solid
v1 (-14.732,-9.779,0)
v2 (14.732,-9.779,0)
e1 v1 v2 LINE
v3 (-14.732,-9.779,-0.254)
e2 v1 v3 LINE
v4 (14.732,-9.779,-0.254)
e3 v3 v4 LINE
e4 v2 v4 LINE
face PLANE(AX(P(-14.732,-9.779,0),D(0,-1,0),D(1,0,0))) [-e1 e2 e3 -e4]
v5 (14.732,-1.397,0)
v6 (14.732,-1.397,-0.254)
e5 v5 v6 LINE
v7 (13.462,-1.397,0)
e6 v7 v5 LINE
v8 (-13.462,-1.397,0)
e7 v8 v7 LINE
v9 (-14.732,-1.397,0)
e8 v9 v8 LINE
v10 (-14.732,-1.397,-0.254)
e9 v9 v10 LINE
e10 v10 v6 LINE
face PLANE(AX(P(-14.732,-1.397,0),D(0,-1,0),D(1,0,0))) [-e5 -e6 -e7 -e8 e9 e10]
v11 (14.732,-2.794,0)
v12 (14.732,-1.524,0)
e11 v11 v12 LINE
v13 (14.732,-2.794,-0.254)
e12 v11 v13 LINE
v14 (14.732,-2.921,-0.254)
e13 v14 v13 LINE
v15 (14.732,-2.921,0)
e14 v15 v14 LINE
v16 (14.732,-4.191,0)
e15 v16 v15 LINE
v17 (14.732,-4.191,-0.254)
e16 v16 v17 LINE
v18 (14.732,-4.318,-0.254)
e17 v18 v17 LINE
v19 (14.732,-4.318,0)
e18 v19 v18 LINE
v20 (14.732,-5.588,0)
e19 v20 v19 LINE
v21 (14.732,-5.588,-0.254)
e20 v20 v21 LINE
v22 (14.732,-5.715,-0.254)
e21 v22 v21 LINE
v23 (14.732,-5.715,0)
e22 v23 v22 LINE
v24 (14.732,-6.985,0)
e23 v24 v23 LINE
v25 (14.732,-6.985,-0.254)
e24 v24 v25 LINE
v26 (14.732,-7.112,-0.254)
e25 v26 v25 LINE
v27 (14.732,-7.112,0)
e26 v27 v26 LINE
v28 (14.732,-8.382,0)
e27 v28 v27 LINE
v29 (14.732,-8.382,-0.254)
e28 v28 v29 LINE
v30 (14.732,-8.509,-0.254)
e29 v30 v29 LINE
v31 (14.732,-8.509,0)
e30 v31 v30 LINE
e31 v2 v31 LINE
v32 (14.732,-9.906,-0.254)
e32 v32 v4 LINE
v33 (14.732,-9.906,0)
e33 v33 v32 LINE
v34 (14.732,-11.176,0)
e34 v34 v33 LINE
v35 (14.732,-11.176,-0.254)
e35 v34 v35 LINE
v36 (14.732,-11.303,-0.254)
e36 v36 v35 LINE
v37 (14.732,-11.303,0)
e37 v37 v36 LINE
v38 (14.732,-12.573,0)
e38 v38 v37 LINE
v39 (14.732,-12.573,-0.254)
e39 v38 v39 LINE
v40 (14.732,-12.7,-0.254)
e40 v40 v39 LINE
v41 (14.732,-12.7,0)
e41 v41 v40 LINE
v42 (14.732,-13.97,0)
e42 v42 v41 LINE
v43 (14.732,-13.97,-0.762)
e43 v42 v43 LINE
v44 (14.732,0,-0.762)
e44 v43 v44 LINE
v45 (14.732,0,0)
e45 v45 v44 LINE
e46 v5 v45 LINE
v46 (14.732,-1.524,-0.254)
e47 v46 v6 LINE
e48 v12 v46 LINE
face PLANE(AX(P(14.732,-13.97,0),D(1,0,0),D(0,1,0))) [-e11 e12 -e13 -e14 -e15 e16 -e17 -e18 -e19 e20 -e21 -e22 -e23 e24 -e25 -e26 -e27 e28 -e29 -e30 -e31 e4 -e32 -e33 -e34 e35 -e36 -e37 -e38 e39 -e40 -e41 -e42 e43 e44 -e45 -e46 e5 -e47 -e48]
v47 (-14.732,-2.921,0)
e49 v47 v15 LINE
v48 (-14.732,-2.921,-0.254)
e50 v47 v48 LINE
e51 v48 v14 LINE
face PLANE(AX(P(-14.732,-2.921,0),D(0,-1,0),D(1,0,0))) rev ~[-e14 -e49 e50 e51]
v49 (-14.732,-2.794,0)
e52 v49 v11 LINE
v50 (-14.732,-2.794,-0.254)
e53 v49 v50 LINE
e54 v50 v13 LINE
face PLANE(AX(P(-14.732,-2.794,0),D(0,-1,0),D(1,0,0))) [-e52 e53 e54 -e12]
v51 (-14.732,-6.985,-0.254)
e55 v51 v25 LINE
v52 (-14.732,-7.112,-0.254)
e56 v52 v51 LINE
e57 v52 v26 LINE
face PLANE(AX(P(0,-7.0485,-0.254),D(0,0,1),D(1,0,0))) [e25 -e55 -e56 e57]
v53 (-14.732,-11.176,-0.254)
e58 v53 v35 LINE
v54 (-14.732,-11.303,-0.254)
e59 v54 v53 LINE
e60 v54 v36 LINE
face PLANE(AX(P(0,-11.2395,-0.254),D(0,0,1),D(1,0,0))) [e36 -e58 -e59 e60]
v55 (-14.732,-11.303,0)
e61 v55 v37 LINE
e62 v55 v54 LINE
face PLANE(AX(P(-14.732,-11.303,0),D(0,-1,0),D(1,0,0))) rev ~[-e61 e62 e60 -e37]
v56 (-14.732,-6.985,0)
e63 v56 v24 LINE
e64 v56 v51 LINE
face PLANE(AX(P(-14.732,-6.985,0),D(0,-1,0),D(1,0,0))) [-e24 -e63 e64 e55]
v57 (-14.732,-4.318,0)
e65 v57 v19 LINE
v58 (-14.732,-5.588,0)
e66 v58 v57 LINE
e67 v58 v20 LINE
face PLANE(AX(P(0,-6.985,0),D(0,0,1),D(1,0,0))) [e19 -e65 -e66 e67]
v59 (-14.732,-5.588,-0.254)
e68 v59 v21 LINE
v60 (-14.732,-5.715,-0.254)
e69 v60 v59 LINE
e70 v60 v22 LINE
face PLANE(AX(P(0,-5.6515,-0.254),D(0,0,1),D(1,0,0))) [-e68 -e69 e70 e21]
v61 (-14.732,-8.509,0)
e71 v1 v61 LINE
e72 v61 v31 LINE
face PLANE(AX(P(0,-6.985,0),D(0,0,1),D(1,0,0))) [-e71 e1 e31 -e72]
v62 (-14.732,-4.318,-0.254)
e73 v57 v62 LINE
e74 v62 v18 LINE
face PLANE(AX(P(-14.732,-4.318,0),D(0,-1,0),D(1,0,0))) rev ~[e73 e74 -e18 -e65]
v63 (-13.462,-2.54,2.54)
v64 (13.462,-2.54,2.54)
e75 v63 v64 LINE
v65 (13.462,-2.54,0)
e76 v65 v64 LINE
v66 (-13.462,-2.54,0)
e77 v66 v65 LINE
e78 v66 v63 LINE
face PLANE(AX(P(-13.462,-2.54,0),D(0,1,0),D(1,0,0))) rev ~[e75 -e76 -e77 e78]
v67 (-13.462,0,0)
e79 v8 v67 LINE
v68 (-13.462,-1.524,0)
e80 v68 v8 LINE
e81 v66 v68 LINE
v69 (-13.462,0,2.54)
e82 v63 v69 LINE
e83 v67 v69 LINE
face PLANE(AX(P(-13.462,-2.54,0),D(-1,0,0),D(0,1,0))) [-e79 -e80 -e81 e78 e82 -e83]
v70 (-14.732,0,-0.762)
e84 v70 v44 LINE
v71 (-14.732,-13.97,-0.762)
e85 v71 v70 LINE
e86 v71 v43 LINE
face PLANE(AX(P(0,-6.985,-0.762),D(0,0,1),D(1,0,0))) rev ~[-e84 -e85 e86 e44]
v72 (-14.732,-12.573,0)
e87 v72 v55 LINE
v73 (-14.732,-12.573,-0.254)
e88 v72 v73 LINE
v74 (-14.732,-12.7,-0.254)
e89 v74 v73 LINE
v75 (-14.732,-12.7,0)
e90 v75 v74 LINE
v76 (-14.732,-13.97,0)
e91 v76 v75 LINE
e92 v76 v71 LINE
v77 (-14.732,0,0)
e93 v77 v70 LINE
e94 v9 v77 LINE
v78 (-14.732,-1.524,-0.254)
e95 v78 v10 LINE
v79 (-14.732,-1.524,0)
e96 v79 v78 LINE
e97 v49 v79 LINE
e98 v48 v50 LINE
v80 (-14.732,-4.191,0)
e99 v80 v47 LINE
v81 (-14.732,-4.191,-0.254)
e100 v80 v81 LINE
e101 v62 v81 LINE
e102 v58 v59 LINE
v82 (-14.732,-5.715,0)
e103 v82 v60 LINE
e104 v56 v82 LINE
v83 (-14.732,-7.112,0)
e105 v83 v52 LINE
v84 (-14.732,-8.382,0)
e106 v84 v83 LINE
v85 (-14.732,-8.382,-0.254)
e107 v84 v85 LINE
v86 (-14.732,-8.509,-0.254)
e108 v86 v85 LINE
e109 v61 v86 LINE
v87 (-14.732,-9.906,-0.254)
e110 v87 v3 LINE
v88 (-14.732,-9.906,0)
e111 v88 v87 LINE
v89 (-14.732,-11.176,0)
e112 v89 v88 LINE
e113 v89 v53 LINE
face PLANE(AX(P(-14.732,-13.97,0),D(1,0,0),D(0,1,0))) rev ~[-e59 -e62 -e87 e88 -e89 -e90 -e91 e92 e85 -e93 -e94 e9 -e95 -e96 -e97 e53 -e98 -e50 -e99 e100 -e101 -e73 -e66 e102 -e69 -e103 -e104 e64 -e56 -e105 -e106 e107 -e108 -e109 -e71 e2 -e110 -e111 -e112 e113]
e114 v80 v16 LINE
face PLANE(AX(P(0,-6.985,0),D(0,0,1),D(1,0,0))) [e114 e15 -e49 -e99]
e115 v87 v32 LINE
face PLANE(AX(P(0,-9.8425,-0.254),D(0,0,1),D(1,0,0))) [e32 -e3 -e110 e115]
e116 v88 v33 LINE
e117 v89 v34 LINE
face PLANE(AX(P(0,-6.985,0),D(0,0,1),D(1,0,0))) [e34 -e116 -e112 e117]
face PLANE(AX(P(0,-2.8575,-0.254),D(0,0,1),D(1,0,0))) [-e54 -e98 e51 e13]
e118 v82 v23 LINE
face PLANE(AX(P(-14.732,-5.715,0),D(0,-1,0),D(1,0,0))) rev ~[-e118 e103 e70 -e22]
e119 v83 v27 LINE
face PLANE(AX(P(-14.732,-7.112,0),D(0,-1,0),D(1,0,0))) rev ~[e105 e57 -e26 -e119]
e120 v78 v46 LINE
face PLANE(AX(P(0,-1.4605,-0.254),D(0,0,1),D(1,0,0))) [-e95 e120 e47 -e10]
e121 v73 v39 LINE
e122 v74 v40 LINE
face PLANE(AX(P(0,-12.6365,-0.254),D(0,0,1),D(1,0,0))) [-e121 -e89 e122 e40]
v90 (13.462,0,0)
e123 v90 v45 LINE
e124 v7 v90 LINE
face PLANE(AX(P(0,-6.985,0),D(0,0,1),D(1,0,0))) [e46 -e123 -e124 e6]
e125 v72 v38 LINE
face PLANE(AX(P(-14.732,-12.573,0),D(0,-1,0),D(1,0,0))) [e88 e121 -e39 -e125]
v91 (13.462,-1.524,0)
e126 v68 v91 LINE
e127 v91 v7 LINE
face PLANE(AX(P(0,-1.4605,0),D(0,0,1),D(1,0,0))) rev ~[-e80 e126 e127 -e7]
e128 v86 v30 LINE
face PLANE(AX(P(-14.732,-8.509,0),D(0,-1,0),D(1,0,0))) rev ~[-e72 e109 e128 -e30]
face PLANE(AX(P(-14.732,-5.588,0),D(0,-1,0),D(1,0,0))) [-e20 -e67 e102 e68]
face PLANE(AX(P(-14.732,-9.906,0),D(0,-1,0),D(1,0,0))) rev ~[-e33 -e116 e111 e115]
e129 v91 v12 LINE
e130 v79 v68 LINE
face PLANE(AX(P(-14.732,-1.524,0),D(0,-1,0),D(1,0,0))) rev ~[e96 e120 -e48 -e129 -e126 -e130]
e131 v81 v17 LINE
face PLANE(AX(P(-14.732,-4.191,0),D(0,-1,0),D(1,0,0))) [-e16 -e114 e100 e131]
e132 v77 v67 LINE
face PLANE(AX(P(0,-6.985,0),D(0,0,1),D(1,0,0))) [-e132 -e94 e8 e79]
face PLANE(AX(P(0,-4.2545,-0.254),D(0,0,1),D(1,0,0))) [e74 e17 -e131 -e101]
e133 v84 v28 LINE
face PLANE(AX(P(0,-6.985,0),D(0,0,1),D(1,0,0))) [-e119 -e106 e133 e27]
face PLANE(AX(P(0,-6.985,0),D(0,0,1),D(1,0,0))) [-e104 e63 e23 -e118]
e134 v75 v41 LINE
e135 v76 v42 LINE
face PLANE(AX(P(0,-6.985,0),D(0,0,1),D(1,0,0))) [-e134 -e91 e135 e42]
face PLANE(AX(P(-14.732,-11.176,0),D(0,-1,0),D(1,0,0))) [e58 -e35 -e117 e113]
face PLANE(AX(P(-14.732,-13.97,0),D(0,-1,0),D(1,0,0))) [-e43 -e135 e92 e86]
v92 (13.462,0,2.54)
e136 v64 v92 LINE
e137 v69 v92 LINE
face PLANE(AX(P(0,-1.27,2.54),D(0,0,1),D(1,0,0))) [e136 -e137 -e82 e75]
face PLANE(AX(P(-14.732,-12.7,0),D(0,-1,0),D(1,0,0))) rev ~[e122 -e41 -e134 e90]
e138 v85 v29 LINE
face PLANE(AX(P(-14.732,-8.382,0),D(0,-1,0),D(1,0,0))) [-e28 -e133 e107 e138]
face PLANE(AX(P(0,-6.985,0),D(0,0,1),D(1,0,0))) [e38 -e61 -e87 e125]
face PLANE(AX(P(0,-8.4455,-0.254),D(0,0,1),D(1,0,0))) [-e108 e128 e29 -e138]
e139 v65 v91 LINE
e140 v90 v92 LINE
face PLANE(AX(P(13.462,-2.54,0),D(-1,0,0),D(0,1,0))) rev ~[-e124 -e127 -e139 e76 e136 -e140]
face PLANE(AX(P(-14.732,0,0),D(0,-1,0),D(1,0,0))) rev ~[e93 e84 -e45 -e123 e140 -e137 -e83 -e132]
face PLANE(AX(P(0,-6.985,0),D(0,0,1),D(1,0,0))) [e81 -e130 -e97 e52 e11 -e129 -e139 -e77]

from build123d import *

# Parameters (mm, degrees)
F0_W     = 26.924
F0_H     = 2.54
F1_DEPTH = 2.54
F2_W     = 29.464
F2_H     = 13.97
F3_DEPTH = 0.762
F4_W     = 29.464
F4_H     = 0.127
F5_DEPTH = 0.254


with BuildPart() as f1:
    # F0 (on Top) → F1 (new body)
    with BuildSketch(Plane.XY):
        with Locations((0, -1.27)):
            Rectangle(F0_W, F0_H)
    extrude(amount=F1_DEPTH)

    # F2 (on Top) → F3 (join)
    with BuildSketch(Plane.XY):
        with Locations((0, -6.985)):
            Rectangle(F2_W, F2_H)
    extrude(amount=-F3_DEPTH)

    # F4 (on face) → F5 (cut)
    with BuildSketch(Plane.XY):
        with Locations((0, -12.6365)):
            Rectangle(F4_W, F4_H)
        with Locations((0, -11.2395)):
            Rectangle(F4_W, F4_H)
        with Locations((0, -9.8425)):
            Rectangle(F4_W, F4_H)
        with Locations((0, -8.4455)):
            Rectangle(F4_W, F4_H)
        with Locations((0, -7.0485)):
            Rectangle(F4_W, F4_H)
        with Locations((0, -5.6515)):
            Rectangle(F4_W, F4_H)
        with Locations((0, -4.2545)):
            Rectangle(F4_W, F4_H)
        with Locations((0, -2.8575)):
            Rectangle(F4_W, F4_H)
        with Locations((0, -1.4605)):
            Rectangle(F4_W, F4_H)
    extrude(amount=-F5_DEPTH, mode=Mode.SUBTRACT)


solid = f1.part
